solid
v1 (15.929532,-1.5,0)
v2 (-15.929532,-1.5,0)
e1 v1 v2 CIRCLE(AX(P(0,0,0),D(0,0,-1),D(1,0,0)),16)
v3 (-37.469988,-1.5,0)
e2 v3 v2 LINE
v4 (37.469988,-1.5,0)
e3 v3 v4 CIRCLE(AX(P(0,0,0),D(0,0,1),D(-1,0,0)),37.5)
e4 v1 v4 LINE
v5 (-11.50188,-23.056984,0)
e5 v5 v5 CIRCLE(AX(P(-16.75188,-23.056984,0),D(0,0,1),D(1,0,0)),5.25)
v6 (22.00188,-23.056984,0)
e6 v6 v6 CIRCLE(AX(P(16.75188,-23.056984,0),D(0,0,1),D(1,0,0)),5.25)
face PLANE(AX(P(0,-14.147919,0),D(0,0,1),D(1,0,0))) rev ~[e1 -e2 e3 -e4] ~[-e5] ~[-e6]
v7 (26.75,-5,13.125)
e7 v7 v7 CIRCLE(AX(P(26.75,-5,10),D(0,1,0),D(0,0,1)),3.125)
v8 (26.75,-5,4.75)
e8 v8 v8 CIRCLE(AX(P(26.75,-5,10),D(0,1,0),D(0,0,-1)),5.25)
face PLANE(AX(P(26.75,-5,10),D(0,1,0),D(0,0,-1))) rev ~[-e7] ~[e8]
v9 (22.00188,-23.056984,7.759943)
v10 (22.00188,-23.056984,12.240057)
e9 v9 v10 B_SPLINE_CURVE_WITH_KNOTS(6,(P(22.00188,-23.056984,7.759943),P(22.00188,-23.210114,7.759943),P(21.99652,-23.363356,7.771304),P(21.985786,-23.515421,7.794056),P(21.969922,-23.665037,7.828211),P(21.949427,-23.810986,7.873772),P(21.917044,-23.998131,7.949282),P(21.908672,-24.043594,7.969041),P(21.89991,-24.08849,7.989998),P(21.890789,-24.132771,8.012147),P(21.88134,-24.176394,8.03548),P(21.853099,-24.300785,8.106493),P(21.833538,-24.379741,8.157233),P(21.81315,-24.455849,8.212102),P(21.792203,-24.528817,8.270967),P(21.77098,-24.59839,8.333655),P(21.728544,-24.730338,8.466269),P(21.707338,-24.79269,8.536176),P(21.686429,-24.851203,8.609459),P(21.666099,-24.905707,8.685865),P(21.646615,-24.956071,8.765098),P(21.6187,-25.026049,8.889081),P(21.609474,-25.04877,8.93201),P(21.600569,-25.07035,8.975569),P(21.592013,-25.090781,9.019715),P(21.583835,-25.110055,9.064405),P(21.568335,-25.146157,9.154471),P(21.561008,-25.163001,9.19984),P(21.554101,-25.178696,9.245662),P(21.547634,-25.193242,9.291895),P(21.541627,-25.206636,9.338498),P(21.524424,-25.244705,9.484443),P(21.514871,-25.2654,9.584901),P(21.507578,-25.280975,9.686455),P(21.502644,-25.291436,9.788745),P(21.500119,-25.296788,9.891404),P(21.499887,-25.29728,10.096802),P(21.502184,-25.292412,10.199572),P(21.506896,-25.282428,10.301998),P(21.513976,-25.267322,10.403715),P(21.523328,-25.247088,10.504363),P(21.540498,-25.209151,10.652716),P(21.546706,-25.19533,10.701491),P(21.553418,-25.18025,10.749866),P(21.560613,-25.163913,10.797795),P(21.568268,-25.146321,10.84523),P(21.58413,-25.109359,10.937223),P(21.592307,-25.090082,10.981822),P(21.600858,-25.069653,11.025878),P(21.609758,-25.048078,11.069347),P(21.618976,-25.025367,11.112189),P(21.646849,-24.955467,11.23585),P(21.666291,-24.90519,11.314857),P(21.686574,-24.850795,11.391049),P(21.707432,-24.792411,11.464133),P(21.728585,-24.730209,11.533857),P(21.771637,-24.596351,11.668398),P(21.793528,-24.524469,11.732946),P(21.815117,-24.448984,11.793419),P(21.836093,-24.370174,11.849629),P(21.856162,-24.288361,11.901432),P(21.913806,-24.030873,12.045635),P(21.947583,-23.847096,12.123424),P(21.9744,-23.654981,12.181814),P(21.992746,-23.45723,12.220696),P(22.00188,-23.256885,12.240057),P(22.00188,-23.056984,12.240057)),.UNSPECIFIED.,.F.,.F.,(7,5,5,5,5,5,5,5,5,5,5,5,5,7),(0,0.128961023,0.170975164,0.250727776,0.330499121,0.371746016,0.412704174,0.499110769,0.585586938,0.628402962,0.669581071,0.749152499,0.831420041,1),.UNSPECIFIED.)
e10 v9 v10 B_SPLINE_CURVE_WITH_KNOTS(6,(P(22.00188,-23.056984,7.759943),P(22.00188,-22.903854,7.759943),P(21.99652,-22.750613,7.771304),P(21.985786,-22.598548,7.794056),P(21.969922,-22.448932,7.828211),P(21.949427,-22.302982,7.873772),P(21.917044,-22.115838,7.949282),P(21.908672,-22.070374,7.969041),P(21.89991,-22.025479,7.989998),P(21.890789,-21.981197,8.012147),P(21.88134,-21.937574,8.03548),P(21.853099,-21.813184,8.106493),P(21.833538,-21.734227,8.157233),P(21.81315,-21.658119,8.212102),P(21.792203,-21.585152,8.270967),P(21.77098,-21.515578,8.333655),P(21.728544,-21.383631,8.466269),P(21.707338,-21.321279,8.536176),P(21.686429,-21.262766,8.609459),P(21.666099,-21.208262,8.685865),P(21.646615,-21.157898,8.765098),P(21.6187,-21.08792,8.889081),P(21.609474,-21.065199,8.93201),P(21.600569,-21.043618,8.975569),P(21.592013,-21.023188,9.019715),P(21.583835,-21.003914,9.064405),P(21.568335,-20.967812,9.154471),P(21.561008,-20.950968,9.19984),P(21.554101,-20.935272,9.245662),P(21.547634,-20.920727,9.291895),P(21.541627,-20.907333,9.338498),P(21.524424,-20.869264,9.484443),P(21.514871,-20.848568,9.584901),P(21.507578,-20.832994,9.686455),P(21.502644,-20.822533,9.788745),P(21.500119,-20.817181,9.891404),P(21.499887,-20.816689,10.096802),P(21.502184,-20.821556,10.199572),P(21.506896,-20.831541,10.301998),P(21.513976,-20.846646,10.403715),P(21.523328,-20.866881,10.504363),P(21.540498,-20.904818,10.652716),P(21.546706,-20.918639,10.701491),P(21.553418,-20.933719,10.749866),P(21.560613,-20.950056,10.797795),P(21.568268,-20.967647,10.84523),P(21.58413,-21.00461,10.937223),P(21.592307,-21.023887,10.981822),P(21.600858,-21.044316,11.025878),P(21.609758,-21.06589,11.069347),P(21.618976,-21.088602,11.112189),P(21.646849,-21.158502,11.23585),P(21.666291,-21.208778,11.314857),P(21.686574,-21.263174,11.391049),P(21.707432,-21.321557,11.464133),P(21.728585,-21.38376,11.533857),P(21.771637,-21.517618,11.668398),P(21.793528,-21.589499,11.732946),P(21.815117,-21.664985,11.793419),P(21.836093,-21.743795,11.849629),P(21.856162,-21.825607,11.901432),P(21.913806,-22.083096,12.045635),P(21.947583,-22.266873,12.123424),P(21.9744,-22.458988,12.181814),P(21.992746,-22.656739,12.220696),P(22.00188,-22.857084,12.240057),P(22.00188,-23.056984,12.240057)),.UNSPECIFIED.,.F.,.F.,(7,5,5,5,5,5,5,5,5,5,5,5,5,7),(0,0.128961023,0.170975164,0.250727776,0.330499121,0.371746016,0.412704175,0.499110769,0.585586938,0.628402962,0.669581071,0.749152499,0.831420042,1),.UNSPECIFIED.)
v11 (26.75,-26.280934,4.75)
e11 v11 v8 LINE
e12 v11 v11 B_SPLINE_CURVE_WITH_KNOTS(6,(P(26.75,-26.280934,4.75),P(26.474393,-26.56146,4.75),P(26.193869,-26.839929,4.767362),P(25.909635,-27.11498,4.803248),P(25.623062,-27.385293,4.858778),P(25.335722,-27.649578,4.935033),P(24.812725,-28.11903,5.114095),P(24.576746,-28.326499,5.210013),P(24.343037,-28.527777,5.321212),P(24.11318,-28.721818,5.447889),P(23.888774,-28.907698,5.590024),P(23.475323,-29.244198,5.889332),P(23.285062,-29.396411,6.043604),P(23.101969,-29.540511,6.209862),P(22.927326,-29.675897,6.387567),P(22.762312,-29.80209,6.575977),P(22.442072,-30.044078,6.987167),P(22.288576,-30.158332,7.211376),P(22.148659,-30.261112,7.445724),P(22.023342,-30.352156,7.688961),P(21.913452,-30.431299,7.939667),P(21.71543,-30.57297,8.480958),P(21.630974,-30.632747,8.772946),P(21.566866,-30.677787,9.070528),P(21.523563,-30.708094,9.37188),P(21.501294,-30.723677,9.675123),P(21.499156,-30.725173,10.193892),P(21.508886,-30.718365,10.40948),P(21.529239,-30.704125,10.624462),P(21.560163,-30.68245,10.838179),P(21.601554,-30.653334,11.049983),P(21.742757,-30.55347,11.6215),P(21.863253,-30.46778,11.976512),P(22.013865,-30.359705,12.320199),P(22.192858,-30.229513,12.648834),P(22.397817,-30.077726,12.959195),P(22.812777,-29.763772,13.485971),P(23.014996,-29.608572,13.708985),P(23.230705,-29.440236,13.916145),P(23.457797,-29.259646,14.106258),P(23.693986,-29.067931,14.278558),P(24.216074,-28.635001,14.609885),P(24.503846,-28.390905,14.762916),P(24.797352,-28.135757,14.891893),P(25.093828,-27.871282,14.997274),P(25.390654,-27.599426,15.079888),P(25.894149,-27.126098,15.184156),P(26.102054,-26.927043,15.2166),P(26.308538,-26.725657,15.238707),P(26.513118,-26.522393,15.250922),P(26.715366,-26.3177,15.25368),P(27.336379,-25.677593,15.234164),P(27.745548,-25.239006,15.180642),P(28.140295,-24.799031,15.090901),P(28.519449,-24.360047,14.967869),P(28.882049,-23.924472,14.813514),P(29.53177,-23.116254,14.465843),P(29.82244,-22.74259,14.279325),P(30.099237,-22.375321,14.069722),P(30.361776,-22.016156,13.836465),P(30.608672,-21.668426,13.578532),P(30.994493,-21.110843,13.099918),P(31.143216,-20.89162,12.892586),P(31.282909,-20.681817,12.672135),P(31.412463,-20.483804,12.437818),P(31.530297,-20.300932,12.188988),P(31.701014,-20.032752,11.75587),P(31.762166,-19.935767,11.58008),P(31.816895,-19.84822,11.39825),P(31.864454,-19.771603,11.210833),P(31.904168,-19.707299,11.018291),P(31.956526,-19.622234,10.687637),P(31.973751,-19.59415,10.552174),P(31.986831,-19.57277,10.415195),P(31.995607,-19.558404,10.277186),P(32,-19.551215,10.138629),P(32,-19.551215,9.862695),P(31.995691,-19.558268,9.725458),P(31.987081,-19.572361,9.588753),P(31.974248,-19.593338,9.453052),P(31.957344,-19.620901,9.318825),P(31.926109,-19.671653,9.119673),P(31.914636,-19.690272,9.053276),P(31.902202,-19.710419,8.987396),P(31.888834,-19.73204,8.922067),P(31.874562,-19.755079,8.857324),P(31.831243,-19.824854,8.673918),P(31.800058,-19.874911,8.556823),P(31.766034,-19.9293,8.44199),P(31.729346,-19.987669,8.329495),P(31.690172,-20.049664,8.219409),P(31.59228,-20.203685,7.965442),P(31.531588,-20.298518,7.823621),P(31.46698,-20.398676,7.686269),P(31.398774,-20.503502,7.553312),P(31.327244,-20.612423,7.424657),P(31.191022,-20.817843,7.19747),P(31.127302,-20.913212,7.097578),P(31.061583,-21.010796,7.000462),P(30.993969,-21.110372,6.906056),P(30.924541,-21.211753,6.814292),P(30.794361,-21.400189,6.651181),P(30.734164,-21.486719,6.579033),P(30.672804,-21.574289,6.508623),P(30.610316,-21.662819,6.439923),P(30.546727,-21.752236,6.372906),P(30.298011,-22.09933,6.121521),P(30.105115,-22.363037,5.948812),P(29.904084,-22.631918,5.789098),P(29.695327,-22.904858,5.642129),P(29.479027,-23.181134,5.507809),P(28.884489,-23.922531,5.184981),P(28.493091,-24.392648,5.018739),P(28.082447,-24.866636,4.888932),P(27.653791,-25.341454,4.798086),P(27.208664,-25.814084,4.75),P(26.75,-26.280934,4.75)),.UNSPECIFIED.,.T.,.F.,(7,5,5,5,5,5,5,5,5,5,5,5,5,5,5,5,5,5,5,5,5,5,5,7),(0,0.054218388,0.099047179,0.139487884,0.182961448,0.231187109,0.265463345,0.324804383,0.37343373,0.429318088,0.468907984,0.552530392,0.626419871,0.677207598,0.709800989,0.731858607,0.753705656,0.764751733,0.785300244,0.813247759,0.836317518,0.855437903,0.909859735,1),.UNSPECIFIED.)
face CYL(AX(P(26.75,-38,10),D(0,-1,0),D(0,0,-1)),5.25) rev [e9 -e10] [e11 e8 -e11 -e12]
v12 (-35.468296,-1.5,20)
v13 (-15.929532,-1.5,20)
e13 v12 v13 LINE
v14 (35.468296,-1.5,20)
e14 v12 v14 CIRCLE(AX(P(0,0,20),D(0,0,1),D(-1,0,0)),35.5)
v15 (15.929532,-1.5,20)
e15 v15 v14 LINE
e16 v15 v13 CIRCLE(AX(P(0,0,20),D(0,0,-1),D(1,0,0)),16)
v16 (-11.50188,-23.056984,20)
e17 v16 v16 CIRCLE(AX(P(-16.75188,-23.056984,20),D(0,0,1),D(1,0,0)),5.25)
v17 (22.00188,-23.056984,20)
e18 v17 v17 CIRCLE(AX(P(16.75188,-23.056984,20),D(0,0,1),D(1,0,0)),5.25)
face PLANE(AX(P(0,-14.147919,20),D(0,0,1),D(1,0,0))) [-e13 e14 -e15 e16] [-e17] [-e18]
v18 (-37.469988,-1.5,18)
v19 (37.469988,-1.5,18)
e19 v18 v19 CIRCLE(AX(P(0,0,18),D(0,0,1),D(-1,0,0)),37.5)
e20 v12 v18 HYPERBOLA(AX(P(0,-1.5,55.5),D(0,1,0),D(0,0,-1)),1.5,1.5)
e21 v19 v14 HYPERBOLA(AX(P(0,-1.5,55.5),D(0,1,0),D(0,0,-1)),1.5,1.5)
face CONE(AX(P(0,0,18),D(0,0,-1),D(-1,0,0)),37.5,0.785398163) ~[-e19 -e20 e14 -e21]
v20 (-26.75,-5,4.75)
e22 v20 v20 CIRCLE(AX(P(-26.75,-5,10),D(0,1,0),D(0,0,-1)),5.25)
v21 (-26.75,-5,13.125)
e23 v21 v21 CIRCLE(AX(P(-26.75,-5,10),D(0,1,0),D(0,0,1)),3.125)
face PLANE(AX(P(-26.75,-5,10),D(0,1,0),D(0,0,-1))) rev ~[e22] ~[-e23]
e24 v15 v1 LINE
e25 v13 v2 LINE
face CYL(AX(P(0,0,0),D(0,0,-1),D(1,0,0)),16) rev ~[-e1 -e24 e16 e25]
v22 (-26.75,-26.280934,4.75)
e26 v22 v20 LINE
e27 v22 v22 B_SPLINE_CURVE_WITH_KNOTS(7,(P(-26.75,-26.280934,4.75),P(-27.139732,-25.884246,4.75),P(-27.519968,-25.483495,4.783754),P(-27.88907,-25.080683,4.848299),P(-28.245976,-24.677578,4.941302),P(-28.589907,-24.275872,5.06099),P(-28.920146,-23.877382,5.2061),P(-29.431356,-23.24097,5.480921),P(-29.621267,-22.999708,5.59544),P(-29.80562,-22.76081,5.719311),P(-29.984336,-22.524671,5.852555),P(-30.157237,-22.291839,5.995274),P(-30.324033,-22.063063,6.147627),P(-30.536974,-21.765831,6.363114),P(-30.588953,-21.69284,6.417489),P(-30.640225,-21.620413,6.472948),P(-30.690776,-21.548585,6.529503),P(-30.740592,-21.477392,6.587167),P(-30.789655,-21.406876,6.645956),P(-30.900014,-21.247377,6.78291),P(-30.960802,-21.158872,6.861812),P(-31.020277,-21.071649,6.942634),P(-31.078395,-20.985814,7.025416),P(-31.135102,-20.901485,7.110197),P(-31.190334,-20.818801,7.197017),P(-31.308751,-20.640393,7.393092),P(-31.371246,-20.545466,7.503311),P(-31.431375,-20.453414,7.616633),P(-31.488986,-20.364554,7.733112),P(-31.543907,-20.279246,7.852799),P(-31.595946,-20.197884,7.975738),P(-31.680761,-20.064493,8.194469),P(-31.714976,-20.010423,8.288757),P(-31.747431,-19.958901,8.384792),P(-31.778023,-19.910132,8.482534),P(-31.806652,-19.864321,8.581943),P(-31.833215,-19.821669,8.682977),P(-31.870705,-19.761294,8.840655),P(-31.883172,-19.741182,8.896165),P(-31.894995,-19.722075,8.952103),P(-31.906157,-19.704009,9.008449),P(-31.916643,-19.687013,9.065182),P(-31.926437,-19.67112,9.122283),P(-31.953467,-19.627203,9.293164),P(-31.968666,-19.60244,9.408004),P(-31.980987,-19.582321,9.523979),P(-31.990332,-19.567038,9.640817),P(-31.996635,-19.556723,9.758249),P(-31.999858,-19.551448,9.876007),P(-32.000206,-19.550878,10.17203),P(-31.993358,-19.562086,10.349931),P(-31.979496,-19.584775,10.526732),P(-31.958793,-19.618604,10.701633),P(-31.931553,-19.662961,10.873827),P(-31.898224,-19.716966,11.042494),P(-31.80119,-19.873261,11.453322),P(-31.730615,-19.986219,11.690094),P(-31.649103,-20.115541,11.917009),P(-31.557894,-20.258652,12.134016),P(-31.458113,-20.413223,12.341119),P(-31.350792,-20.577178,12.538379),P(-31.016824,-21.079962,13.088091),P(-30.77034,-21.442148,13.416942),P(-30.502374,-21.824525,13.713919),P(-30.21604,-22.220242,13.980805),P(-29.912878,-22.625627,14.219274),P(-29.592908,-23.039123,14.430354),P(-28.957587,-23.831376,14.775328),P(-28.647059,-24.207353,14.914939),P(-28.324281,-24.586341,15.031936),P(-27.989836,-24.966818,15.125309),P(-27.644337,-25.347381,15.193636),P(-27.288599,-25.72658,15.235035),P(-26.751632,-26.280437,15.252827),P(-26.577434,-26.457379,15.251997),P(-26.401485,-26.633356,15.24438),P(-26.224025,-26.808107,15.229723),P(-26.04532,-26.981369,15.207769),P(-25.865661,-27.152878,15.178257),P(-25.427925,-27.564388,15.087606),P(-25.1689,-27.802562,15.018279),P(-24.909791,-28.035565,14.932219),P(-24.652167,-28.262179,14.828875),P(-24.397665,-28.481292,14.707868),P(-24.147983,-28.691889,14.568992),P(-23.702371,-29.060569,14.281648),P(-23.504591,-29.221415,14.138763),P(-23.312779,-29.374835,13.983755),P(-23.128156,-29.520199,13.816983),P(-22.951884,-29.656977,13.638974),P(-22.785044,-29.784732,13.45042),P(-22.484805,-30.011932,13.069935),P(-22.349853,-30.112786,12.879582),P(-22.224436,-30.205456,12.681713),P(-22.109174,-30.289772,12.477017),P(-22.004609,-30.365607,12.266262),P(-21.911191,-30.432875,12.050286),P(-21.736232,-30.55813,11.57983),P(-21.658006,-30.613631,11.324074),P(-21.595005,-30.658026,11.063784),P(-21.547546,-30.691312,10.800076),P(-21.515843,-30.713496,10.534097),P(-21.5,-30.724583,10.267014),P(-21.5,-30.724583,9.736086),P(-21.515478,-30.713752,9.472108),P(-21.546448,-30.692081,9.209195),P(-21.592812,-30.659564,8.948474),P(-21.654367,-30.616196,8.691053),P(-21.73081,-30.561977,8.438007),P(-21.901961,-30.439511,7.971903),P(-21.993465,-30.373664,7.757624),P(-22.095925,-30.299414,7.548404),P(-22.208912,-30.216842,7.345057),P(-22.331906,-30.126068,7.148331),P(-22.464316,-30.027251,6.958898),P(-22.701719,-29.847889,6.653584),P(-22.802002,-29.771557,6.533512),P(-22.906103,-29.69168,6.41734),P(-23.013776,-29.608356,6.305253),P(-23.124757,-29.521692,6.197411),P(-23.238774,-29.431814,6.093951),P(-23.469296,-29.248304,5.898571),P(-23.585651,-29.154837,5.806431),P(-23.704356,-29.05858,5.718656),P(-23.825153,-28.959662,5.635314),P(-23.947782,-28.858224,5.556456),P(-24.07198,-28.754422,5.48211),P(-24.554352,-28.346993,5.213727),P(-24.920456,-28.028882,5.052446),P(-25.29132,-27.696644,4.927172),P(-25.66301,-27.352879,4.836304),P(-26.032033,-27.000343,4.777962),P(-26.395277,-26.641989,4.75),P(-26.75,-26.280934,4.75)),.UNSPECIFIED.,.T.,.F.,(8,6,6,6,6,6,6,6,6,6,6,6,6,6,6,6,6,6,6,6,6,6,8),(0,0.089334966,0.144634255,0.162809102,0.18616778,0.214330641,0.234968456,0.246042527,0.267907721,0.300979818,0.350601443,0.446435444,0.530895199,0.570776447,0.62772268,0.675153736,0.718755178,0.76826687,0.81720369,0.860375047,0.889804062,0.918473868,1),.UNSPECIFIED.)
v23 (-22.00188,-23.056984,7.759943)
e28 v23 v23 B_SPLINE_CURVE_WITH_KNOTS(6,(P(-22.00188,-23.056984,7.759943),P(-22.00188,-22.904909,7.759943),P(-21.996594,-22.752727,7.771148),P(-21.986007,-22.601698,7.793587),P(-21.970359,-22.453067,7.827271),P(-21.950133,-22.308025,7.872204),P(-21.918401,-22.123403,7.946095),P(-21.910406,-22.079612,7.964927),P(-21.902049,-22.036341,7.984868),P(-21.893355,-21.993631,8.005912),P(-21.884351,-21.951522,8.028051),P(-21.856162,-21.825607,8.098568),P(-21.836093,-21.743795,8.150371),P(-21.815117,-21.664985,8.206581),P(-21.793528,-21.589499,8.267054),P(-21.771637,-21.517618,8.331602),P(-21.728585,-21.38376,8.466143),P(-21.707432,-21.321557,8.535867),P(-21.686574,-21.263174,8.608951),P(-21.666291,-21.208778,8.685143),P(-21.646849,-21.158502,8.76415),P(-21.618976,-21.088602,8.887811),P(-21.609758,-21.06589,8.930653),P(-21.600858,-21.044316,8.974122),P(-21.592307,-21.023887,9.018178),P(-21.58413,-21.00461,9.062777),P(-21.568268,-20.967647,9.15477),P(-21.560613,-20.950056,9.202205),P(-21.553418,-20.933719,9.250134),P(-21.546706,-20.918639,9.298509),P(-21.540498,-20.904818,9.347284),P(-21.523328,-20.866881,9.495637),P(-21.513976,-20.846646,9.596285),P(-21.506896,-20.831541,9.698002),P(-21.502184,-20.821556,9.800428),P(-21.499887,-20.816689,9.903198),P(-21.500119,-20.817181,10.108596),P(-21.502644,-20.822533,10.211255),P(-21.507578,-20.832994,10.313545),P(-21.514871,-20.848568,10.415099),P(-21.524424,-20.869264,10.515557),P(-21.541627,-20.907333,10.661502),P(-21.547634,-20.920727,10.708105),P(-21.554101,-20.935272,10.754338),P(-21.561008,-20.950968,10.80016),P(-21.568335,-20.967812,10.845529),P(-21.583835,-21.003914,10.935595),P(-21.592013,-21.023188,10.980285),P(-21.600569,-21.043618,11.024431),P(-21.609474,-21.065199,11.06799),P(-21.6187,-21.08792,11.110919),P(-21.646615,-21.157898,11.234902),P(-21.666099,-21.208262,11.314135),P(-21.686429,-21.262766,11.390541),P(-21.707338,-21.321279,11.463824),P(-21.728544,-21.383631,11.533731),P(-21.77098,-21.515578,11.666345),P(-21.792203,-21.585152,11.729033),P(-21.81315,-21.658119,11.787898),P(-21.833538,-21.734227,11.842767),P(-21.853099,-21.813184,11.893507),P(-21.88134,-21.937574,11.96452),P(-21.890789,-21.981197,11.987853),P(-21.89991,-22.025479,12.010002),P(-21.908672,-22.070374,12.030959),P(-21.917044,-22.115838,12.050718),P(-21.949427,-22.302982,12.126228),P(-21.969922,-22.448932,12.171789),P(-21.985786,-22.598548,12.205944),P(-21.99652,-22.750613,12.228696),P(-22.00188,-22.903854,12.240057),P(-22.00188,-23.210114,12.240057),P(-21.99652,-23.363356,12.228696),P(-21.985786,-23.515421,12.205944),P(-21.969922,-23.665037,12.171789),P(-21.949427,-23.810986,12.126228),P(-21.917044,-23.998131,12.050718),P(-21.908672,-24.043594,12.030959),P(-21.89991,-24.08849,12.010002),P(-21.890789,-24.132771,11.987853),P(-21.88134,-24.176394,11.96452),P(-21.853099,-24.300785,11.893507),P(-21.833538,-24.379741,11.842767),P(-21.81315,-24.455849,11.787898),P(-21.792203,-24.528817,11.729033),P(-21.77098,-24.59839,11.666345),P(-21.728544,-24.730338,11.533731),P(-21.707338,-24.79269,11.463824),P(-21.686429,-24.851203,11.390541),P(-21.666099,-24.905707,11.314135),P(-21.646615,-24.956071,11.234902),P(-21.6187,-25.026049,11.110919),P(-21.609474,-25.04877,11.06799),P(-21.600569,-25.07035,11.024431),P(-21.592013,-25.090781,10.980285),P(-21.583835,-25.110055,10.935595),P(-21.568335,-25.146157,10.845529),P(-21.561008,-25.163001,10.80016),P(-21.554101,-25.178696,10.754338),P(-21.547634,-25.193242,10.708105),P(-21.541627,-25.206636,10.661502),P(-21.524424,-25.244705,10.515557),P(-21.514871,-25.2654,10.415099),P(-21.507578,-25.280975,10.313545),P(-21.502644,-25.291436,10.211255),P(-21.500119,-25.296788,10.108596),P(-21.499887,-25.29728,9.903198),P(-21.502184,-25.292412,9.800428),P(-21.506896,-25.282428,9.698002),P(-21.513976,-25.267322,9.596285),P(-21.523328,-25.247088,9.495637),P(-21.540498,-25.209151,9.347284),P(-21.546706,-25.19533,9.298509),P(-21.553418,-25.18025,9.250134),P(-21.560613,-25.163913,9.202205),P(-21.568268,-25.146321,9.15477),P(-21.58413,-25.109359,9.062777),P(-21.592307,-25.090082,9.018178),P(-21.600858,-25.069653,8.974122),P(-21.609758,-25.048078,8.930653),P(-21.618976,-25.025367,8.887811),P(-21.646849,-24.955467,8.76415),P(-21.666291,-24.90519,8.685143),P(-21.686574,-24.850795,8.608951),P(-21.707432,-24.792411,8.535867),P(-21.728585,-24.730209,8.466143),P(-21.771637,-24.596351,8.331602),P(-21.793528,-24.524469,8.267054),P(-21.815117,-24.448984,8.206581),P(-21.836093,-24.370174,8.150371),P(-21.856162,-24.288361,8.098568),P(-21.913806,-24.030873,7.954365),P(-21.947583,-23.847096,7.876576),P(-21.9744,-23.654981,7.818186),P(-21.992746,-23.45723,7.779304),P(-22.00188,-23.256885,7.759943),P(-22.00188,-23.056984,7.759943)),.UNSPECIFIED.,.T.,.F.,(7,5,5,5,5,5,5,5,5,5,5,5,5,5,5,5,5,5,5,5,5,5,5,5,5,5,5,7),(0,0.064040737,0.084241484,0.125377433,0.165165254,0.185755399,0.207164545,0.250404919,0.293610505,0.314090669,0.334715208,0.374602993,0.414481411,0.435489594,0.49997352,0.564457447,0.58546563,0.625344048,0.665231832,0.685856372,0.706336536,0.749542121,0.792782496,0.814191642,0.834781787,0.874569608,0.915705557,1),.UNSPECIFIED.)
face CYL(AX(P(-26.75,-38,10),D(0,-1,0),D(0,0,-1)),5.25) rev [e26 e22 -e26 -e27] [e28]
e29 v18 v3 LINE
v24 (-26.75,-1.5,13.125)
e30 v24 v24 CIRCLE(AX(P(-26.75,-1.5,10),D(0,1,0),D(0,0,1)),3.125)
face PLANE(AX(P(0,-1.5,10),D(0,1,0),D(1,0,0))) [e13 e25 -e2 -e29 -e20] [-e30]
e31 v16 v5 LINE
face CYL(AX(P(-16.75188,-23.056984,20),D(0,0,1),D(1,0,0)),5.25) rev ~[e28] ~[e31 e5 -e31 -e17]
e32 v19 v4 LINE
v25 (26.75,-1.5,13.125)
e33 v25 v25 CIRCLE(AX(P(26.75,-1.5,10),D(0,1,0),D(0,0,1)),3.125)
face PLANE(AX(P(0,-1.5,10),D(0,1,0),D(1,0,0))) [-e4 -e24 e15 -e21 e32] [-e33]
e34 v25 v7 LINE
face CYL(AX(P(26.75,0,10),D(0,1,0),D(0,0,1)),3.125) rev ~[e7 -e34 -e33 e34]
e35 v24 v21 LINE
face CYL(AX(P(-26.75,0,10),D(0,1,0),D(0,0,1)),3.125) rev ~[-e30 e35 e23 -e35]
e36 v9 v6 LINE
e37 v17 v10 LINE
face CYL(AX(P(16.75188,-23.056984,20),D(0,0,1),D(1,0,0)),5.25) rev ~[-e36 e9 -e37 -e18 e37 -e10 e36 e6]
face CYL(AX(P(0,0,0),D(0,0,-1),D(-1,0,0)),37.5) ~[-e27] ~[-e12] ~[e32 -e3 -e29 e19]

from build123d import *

# Parameters (mm, degrees)
BOSS_EXTRUDE1_DEPTH = 20
SKETCH2_R           = 5.25
CUT_EXTRUDE1_DEPTH  = 30
SKETCH3_R           = 3.125
CUT_EXTRUDE2_DEPTH  = 30
SKETCH4_R           = 5.25
CUT_EXTRUDE3_DEPTH  = 33
CHAMFER1_SIZE       = 2
SKETCH5_W           = 75
SKETCH5_H           = 20
CUT_EXTRUDE4_DEPTH  = 1.5


with BuildPart() as part:
    # Sketch1 → Boss-Extrude1 (new body)
    with BuildSketch(Plane.XY):
        with BuildLine():
            Line((-16, 0), (-37.5, 0))
            ThreePointArc((-37.5, 0), (0, -37.5), (37.5, 0))
            Line((37.5, 0), (16, 0))
            ThreePointArc((16, 0), (0, -16), (-16, 0))
        make_face()
    extrude(amount=BOSS_EXTRUDE1_DEPTH)

    # Sketch2 → Cut-Extrude1 (cut)
    with BuildSketch(Plane.XY.offset(20)):
        with Locations((-16.75187969, -23.05698434)):
            Circle(SKETCH2_R)
        with Locations((16.75187969, -23.05698434)):
            Circle(SKETCH2_R)
    extrude(amount=-CUT_EXTRUDE1_DEPTH, mode=Mode.SUBTRACT)

    # Sketch3 → Cut-Extrude2 (cut)
    with BuildSketch(Plane(origin=(0, 0, 0), x_dir=(1, 0, 0), z_dir=(0, 1, 0))):
        with Locations(Location((-26.75, -10, 0), (0, 0, 270))):
            Circle(SKETCH3_R)
        with Locations(Location((26.75, -10, 0), (0, 0, 270))):
            Circle(SKETCH3_R)
    extrude(amount=-CUT_EXTRUDE2_DEPTH, mode=Mode.SUBTRACT)

    # Sketch4 → Cut-Extrude3 (cut)
    with BuildSketch(Plane(origin=(0, -38, 0), x_dir=(1, 0, 0), z_dir=(0, 1, 0))):
        with Locations(Location((-26.75, -10, 0), (0, 0, 90))):
            Circle(SKETCH4_R)
        with Locations(Location((26.75, -10, 0), (0, 0, 90))):
            Circle(SKETCH4_R)
    extrude(amount=CUT_EXTRUDE3_DEPTH, mode=Mode.SUBTRACT)

    # Chamfer1
    chamfer1_edges = [part.edges().sort_by_distance(p)[0] for p in [
        (0, -37.5, 20),
    ]]
    chamfer(chamfer1_edges, length=CHAMFER1_SIZE)

    # Sketch5 → Cut-Extrude4 (cut)
    with BuildSketch(Plane(origin=(0, 0, 0), x_dir=(1, 0, 0), z_dir=(0, 1, 0))):
        with Locations((0, -10)):
            Rectangle(SKETCH5_W, SKETCH5_H)
    extrude(amount=-CUT_EXTRUDE4_DEPTH, mode=Mode.SUBTRACT)


solid = part.part
